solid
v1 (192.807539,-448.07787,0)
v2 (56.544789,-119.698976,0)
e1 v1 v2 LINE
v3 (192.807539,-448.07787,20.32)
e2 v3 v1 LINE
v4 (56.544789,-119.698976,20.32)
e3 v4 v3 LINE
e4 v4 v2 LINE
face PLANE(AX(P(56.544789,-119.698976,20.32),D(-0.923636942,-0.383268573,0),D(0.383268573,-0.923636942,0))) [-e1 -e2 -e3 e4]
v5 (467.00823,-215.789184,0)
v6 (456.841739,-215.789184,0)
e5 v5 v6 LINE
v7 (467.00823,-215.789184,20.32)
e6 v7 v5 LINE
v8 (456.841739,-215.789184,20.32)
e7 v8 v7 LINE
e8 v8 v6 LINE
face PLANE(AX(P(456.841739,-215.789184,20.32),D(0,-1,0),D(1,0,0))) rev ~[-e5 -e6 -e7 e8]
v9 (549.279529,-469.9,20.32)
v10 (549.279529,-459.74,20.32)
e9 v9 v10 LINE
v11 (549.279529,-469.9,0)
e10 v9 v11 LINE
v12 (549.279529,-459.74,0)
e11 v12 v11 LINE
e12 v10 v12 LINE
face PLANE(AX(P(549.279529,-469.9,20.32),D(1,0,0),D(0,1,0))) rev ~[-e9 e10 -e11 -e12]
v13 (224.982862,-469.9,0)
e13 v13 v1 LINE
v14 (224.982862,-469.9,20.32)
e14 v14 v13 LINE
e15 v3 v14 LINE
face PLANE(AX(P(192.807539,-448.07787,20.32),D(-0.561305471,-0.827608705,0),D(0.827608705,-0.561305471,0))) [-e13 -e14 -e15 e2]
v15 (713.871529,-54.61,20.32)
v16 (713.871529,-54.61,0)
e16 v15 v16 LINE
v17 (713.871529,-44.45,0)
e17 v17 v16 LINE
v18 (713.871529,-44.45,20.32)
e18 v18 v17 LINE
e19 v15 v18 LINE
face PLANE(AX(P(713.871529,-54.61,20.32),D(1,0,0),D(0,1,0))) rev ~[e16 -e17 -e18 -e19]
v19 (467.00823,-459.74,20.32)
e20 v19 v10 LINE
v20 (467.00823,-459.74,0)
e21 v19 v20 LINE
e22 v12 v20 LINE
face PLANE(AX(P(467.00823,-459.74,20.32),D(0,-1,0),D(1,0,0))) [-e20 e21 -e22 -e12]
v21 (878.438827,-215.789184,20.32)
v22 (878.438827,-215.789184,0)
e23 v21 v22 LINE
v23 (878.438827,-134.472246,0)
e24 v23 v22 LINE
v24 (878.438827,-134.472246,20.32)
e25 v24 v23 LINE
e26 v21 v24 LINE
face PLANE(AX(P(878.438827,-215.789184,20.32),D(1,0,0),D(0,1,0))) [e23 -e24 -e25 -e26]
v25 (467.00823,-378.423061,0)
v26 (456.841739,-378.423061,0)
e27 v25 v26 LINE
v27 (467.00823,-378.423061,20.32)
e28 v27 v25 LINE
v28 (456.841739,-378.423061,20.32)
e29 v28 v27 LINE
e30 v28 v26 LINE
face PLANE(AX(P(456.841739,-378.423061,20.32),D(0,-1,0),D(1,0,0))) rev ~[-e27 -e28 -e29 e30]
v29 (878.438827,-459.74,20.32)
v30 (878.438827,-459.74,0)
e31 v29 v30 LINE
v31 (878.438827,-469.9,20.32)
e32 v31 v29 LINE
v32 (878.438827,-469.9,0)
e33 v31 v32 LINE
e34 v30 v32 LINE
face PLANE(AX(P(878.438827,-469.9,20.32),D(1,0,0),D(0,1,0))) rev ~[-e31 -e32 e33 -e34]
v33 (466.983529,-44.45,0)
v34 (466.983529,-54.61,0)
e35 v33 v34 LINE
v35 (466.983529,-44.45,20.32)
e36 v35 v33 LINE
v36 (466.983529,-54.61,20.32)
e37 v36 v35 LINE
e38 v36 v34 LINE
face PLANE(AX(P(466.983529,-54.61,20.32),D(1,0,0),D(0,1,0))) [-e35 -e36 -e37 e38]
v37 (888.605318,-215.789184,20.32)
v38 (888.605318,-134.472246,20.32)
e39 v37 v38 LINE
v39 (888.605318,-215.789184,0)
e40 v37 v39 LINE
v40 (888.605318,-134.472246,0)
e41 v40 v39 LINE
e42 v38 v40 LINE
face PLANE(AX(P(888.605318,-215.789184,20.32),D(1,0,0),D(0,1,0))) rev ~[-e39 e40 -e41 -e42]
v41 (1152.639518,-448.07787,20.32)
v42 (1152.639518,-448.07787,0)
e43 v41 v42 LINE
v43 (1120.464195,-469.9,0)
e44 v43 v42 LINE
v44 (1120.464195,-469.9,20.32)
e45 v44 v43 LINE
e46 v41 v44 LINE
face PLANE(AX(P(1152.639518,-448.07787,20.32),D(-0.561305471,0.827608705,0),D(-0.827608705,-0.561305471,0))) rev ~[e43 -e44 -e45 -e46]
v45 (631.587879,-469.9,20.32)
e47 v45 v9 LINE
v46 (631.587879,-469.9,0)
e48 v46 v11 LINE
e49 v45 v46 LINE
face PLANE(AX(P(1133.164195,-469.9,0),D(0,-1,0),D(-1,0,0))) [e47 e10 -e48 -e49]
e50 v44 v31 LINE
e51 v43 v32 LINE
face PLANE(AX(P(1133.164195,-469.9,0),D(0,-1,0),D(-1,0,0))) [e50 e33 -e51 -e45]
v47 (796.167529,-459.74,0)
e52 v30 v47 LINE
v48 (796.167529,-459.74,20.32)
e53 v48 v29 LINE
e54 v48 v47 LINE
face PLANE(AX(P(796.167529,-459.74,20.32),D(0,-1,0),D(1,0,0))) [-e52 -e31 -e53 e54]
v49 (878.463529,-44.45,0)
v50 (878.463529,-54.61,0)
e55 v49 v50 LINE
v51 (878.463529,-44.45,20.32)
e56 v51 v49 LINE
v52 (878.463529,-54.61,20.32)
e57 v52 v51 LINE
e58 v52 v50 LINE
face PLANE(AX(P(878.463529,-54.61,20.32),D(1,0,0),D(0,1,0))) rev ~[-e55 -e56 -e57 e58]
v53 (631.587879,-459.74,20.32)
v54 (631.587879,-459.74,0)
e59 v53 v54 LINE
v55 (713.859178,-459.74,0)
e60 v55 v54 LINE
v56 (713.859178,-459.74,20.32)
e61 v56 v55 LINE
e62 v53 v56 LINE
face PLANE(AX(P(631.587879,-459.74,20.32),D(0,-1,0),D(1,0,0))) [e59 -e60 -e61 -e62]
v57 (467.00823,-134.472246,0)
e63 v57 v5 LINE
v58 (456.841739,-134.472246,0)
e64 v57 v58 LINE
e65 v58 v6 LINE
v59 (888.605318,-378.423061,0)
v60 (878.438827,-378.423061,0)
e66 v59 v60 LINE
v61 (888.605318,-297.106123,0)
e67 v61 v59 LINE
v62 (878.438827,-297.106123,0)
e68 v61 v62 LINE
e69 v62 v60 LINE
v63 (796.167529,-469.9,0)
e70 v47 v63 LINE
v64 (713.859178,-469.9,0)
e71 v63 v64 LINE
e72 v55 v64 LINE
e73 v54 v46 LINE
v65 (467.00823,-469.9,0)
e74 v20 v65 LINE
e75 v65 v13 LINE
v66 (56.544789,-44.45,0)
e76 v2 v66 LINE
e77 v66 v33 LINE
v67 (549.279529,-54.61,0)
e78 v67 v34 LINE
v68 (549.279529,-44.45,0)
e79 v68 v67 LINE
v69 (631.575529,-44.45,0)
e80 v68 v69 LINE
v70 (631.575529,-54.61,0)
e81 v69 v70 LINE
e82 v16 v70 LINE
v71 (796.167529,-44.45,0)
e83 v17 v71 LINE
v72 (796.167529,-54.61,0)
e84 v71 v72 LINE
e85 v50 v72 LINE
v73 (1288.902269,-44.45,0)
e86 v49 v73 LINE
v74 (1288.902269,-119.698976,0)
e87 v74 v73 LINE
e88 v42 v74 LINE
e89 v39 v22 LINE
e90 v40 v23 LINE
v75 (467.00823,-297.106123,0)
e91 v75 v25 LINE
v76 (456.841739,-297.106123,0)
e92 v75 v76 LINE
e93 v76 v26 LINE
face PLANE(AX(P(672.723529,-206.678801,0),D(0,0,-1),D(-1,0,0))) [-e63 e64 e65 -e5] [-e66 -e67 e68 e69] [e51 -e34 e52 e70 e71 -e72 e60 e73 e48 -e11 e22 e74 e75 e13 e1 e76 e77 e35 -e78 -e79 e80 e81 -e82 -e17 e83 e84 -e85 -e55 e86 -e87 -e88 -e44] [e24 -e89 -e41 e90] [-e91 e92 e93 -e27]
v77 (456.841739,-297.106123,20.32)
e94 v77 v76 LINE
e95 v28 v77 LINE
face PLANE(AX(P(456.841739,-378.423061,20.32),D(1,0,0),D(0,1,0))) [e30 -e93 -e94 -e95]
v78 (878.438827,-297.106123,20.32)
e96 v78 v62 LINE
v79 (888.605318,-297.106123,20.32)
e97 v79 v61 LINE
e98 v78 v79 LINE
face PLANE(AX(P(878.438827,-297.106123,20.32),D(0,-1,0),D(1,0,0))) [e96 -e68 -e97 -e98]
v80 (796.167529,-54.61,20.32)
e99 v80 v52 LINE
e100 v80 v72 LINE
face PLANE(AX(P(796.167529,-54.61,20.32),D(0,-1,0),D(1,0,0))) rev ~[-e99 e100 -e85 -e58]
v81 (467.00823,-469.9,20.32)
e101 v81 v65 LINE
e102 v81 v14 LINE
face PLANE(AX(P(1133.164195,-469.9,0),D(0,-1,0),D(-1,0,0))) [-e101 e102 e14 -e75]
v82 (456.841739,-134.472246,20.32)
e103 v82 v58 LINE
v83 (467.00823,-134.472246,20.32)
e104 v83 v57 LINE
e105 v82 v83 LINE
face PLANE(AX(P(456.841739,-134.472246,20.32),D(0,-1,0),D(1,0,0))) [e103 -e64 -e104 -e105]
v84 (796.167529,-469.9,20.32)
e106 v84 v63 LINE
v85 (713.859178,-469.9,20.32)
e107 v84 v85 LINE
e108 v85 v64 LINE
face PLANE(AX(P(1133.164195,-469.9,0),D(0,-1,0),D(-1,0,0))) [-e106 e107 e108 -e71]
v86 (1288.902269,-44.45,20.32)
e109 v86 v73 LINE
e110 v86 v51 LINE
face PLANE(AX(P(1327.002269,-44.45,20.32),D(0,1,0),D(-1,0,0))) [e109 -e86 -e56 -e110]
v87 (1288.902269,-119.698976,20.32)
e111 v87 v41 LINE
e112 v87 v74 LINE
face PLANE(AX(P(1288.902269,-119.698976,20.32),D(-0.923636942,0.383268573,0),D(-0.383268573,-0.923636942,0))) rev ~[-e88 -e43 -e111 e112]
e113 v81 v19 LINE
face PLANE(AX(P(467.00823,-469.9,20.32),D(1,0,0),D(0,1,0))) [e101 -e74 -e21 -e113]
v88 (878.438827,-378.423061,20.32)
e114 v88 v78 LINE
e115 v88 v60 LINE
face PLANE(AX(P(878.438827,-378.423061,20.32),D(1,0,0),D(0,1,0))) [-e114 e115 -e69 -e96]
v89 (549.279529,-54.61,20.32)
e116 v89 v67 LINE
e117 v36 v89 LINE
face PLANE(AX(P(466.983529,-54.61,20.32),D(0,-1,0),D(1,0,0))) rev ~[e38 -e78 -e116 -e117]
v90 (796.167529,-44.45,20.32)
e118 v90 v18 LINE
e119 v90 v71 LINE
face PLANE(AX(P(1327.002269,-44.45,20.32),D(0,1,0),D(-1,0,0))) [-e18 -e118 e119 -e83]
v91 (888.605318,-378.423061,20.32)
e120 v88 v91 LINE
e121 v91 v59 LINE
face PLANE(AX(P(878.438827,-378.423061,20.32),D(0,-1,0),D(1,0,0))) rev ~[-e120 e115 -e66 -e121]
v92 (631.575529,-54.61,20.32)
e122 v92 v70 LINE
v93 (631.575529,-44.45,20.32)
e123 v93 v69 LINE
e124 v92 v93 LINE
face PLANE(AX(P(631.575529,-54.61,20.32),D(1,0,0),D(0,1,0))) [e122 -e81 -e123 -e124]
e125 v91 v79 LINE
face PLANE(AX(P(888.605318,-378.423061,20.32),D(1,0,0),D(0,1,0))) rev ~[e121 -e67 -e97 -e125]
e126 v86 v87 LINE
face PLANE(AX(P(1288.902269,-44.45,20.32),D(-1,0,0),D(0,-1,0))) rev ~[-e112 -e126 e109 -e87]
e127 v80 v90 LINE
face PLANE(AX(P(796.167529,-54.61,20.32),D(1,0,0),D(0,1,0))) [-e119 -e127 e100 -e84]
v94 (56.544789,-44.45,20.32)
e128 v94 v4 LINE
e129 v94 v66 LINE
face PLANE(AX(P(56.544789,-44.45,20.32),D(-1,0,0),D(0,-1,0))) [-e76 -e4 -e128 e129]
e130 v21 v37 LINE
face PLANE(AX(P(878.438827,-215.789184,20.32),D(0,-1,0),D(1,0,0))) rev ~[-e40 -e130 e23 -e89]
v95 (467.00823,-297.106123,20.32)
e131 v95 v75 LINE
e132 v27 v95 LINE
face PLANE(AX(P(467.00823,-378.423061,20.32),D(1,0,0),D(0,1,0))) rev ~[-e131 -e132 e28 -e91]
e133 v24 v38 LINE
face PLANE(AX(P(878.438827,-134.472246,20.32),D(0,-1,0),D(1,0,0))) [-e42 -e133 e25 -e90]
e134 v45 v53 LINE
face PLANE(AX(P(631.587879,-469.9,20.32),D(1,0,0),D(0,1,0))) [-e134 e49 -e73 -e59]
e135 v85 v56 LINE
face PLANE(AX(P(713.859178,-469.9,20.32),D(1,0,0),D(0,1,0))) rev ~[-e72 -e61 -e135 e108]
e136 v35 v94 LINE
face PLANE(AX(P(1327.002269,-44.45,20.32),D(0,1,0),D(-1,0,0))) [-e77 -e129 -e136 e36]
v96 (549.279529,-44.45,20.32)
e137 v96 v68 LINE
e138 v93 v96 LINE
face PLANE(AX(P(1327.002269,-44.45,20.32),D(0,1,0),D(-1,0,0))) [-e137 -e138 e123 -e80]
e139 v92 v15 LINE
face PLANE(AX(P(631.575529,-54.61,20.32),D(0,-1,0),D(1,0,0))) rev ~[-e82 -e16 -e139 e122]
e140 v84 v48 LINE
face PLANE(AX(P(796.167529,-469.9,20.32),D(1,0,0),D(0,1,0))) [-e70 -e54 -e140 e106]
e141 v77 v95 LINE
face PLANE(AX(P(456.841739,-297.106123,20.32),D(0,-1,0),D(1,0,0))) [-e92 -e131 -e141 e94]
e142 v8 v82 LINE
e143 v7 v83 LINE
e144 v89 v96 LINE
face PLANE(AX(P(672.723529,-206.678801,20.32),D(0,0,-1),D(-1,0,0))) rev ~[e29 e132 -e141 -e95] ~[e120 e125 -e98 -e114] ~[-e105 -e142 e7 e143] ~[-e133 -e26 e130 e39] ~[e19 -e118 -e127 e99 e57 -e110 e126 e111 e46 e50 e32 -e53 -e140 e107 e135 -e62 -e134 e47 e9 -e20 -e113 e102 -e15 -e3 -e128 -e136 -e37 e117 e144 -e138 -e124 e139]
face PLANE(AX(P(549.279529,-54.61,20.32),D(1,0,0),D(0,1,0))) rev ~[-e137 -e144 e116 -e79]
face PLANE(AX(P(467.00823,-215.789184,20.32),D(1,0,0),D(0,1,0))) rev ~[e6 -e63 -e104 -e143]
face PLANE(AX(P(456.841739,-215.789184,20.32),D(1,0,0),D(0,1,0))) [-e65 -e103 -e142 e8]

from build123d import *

# Parameters (mm, degrees)
BOSS_EXTRUDE1_DEPTH = 20.32
SKETCH2_W           = 10.166490401
SKETCH2_H           = 81.316938585
SKETCH2_W_2         = 10.166490402
SKETCH2_H_2         = 81.316938584
SKETCH2_W_3         = 82.271298803
SKETCH2_H_3         = 10.16
CUT_EXTRUDE2_DEPTH  = 137.414
CUT_EXTRUDE3_DEPTH  = 21.3200001
SKETCH5_W           = 82.296
SKETCH5_H           = 10.16
CUT_EXTRUDE4_DEPTH  = 21.3200001
CUT_EXTRUDE5_DEPTH  = 21.3200001


with BuildPart() as part:
    # Sketch1 → Boss-Extrude1 (new body)
    with BuildSketch(Plane.XY):
        with BuildLine():
            Line((0, 0), (1345.447057269, 0))
            Line((1345.447057269, 0), (1156.937235756, -454.288839135))
            add(Edge.make_bspline(
                [(1156.937235756, -454.288839135), (1155.965204773, -456.631331547), (1154.630956054, -458.816896883), (1152.225947859, -461.69350105), (1151.355065983, -462.590813772), (1149.473312624, -464.260936999), (1148.45987476, -465.033112958), (1146.360299176, -466.401155283), (1145.26635201, -467.004685932), (1142.990856866, -468.052074807), (1141.798989191, -468.498505895), (1138.174492983, -469.560599459), (1135.699262078, -469.911644948), (1133.16419506, -469.9)],
                knots=[0, 0, 0, 0, 0.25, 0.25, 0.375, 0.375, 0.5, 0.5, 0.625, 0.625, 0.75, 0.75, 1, 1, 1, 1], degree=3))
            Line((1133.16419506, -469.9), (212.282862208, -469.9))
            add(Edge.make_bspline(
                [(188.509821513, -454.288839135), (189.481852496, -456.631331547), (190.816101215, -458.816896883), (193.22110941, -461.69350105), (194.091991286, -462.590813772), (195.973744645, -464.260936999), (196.987182509, -465.033112958), (199.086758093, -466.401155283), (200.180705259, -467.004685932), (202.456200403, -468.052074807), (203.648068078, -468.498505895), (207.272564286, -469.560599459), (209.747795191, -469.911644948), (212.282862208, -469.9)],
                knots=[0, 0, 0, 0, 0.25, 0.25, 0.375, 0.375, 0.5, 0.5, 0.625, 0.625, 0.75, 0.75, 1, 1, 1, 1], degree=3))
            Line((188.509821513, -454.288839135), (0, 0))
        make_face()
    extrude(amount=BOSS_EXTRUDE1_DEPTH)

    # Sketch2 → Cut-Extrude2 (cut)
    with BuildSketch(Plane.XY.offset(20.32)):
        with Locations((461.924984631, -337.764592123)):
            Rectangle(SKETCH2_W, SKETCH2_H)
        with Locations((883.522072638, -337.764592123)):
            Rectangle(SKETCH2_W_2, SKETCH2_H)
        with Locations((883.522072638, -175.130714953)):
            Rectangle(SKETCH2_W_2, SKETCH2_H_2)
        with Locations((461.924984631, -175.130714953)):
            Rectangle(SKETCH2_W, SKETCH2_H_2)
        with Locations((837.303178036, -464.82)):
            Rectangle(SKETCH2_W_3, SKETCH2_H_3)
        with Locations((672.723528635, -464.82)):
            Rectangle(SKETCH2_W_3, SKETCH2_H_3)
        with Locations((508.143879233, -464.82)):
            Rectangle(SKETCH2_W_3, SKETCH2_H_3)
    extrude(amount=-CUT_EXTRUDE2_DEPTH, mode=Mode.SUBTRACT)

    # Sketch4 → Cut-Extrude3 (cut, through all)
    with BuildSketch(Plane.XY.offset(20.32)):
        Polygon((0, 0), (1345.447057269, 0), (1327.002268746, -44.45), (18.444788523, -44.45), align=None)
    extrude(amount=-CUT_EXTRUDE3_DEPTH, mode=Mode.SUBTRACT)

    # Sketch5 → Cut-Extrude4 (cut, through all)
    with BuildSketch(Plane.XY.offset(20.32)):
        with Locations((508.131528634, -49.53)):
            Rectangle(SKETCH5_W, SKETCH5_H)
        with Locations((672.723528634, -49.53)):
            Rectangle(SKETCH5_W, SKETCH5_H)
        with Locations((837.315528634, -49.53)):
            Rectangle(SKETCH5_W, SKETCH5_H)
    extrude(amount=-CUT_EXTRUDE4_DEPTH, mode=Mode.SUBTRACT)

    # Sketch6 → Cut-Extrude5 (cut, through all)
    with BuildSketch(Plane.XY.offset(20.32)):
        Polygon((192.807539001, -448.077869782), (224.982862208, -469.9), (232.080223429, -549.766419732), (-59.510742861, -242.335130221), (-120.238907144, 37.382474964), (56.544788523, -44.45), (56.544788523, -119.698975594), align=None)
        Polygon((1120.46419506, -469.9), (1113.36683384, -549.766419732), (1404.95780013, -242.335130221), (1465.685964413, 37.382474964), (1288.902268746, -44.45), (1288.902268746, -119.698975594), (1152.639518267, -448.077869782), align=None)
    extrude(amount=-CUT_EXTRUDE5_DEPTH, mode=Mode.SUBTRACT)


solid = part.part
